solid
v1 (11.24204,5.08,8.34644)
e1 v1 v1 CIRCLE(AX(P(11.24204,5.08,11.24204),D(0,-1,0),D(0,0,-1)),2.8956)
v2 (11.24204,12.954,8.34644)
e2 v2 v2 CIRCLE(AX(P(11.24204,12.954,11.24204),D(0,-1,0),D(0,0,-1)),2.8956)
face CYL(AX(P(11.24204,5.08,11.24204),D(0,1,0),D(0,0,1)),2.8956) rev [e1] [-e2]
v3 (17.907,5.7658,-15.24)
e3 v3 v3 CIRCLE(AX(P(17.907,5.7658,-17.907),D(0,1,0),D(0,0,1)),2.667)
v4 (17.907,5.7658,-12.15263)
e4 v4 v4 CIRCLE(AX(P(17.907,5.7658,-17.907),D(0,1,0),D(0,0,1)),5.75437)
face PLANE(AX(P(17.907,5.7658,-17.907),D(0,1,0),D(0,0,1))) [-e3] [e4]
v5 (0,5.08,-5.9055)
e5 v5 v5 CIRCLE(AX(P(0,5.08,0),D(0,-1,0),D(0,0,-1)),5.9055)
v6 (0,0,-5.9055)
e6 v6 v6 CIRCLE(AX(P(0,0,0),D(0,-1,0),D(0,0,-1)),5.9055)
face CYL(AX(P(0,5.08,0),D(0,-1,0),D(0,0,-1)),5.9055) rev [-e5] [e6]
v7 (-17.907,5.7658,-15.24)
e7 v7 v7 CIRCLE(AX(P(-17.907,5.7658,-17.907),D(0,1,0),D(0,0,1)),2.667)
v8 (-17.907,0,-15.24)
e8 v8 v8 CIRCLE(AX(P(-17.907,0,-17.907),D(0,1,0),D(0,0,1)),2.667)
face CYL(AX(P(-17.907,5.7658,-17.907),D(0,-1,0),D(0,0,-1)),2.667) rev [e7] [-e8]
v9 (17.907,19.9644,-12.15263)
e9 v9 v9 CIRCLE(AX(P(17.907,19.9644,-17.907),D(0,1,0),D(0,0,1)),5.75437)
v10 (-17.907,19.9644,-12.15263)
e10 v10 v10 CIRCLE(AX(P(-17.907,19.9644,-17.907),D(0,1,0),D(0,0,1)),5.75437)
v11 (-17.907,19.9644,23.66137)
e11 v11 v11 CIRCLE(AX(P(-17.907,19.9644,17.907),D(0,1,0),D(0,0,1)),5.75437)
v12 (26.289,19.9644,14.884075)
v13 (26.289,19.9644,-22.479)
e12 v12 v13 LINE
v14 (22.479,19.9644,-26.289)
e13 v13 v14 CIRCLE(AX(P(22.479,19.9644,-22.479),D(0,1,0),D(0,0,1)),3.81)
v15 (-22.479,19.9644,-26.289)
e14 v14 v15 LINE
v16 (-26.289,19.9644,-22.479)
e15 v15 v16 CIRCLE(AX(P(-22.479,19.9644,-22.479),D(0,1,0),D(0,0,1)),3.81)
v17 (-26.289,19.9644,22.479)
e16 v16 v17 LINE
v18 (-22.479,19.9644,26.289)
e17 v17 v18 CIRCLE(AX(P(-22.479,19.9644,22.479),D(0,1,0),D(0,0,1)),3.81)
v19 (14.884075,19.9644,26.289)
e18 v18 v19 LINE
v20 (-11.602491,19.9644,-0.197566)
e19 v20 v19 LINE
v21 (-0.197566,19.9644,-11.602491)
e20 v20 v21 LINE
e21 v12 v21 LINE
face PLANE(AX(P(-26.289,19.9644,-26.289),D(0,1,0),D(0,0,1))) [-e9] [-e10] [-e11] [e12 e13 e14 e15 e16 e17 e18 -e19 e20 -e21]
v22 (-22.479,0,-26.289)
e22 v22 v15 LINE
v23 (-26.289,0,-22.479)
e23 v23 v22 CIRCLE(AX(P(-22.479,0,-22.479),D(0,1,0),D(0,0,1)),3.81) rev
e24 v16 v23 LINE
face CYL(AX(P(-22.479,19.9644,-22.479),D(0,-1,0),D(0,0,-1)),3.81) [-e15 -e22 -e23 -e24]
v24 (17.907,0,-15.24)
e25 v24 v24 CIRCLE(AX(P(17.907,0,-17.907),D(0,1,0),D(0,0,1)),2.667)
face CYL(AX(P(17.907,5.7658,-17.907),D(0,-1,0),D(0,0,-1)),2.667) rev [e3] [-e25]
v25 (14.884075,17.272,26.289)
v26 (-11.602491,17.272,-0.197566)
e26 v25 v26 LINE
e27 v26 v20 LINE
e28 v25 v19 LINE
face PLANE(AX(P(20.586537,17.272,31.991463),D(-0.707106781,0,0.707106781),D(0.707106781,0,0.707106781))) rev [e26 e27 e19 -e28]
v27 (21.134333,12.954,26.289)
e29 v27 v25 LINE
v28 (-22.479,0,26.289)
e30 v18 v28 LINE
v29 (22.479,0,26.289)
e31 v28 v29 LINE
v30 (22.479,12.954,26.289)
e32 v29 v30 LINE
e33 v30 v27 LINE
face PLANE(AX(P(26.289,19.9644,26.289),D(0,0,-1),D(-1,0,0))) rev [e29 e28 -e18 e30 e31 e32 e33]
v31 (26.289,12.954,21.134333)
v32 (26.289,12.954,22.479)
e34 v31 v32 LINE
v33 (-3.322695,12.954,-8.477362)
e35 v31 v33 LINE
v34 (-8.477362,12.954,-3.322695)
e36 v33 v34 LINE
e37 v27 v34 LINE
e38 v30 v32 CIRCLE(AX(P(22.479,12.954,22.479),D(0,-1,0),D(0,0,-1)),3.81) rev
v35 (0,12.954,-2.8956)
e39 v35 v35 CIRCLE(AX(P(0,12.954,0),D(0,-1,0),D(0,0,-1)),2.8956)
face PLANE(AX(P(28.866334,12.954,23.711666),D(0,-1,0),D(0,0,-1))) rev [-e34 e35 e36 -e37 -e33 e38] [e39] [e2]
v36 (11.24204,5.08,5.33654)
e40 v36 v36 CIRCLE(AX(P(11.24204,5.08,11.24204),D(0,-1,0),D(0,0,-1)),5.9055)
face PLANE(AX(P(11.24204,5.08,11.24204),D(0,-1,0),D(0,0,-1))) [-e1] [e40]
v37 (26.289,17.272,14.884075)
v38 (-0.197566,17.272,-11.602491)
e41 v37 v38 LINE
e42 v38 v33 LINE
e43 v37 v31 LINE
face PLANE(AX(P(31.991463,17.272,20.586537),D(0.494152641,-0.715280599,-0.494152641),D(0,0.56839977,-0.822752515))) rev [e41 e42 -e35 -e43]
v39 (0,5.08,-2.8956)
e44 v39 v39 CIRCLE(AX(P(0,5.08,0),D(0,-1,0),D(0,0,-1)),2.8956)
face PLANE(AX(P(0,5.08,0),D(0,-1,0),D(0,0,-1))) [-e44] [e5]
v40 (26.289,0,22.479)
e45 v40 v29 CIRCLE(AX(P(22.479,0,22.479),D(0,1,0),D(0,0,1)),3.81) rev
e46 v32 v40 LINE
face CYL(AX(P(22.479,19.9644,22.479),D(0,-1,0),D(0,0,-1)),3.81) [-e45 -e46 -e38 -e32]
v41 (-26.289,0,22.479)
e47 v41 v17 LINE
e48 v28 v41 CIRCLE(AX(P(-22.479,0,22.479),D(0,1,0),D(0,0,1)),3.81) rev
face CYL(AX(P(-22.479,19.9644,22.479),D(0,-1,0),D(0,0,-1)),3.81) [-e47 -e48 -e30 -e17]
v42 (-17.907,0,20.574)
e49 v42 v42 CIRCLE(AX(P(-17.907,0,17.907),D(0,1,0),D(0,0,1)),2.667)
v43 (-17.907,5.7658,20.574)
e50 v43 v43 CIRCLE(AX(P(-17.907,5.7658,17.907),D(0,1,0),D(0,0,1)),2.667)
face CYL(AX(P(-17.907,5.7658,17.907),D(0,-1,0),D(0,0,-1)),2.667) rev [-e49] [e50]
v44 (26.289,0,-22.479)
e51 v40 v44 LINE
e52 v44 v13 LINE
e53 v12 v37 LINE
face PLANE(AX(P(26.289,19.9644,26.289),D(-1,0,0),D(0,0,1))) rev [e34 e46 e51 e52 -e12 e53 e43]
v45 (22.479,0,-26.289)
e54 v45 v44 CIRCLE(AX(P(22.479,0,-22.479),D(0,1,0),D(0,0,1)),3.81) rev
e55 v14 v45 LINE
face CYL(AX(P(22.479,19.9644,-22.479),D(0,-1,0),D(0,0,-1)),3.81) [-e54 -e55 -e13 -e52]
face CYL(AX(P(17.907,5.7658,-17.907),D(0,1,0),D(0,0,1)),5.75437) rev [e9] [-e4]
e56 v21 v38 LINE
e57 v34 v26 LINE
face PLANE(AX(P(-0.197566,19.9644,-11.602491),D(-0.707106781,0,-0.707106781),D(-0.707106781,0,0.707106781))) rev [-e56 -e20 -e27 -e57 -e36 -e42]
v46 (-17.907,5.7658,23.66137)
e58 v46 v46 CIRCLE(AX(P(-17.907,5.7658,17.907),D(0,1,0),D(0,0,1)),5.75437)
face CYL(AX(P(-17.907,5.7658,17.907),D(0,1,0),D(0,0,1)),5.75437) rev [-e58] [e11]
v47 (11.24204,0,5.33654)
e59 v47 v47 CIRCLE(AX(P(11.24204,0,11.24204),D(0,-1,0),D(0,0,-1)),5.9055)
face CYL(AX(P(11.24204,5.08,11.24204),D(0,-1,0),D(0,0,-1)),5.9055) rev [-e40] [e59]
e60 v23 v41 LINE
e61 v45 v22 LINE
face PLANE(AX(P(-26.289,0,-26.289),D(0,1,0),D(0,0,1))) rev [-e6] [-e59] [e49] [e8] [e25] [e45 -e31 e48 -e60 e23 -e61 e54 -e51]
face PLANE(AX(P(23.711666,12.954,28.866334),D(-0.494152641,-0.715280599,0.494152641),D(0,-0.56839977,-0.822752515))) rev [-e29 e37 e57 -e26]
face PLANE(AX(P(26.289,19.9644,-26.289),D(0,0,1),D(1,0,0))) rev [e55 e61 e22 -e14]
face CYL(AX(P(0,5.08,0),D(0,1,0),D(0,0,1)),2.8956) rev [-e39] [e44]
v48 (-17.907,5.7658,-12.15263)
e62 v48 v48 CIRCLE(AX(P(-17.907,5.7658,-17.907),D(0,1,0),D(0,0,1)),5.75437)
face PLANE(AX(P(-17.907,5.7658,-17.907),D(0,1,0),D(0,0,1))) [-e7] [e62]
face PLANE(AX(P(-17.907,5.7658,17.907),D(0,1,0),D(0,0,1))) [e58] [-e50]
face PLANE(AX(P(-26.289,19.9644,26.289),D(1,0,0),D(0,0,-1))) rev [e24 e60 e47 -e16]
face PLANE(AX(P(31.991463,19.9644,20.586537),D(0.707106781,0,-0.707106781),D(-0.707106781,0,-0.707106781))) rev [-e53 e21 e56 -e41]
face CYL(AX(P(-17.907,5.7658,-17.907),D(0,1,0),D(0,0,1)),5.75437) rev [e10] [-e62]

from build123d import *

# Parameters (mm, degrees)
SKETCH1_W       = 52.578
SKETCH1_H       = 52.578
EXTRUDE1_DEPTH  = 19.9644
EXTRUDE2_START  = -19.9644
SKETCH2_R       = 2.667
EXTRUDE2_DEPTH  = 5.7658
EXTRUDE4_START  = -19.9644
SKETCH6_R       = 5.75437
EXTRUDE4_DEPTH  = 14.1986
EXTRUDE6_START  = -45.52216
EXTRUDE6_DEPTH  = 45.52216
EXTRUDE10_START = -12.954
SKETCH15_R      = 2.8956
EXTRUDE10_DEPTH = 7.874
SKETCH16_R      = 5.9055
EXTRUDE11_DEPTH = 5.08
FILLET2_R       = 3.81
SKETCH12_R      = 5.08
EXTRUDE9_DEPTH  = 5.08


with BuildPart() as part:
    # Sketch1 → Extrude1 (new body)
    with BuildSketch(Plane(origin=(0, 0, 0), x_dir=(1, 0, 0), z_dir=(0, 1, 0))):
        Rectangle(SKETCH1_W, SKETCH1_H)
    extrude(amount=EXTRUDE1_DEPTH)

    # Sketch2 → Extrude2 (cut)
    with BuildSketch(Plane(origin=(0, 19.9644, 0), x_dir=(1, 0, 0), z_dir=(0, 1, 0)).offset(EXTRUDE2_START)):
        with Locations((-17.907, 17.907)):
            Circle(SKETCH2_R)
        with Locations((-17.907, -17.907)):
            Circle(SKETCH2_R)
        with Locations((17.907, 17.907)):
            Circle(SKETCH2_R)
    extrude(amount=EXTRUDE2_DEPTH, mode=Mode.SUBTRACT)

    # Sketch6 → Extrude4 (cut)
    with BuildSketch(Plane.XZ.offset(EXTRUDE4_START)):
        with Locations((-17.907, -17.907)):
            Circle(SKETCH6_R)
        with Locations((-17.907, 17.907)):
            Circle(SKETCH6_R)
        with Locations((17.907, -17.907)):
            Circle(SKETCH6_R)
    extrude(amount=EXTRUDE4_DEPTH, mode=Mode.SUBTRACT)

    # Sketch10 → Extrude6 (cut)
    with BuildSketch(Plane(origin=(-5.900028272, 0, -5.900028272), x_dir=(-0.707106781, 0, 0.707106781), z_dir=(-0.707106781, 0, -0.707106781)).offset(EXTRUDE6_START)):
        Polygon((-8.0645, 19.9644), (-8.0645, 17.272), (-3.6449, 12.954), (3.6449, 12.954), (8.0645, 17.272), (8.0645, 19.9644), align=None)
    extrude(amount=EXTRUDE6_DEPTH, mode=Mode.SUBTRACT)

    # Sketch15 → Extrude10 (cut)
    with BuildSketch(Plane.XZ.offset(EXTRUDE10_START)):
        Circle(SKETCH15_R)
        with Locations((11.24204, 11.24204)):
            Circle(SKETCH15_R)
    extrude(amount=EXTRUDE10_DEPTH, mode=Mode.SUBTRACT)

    # Sketch16 → Extrude11 (cut)
    with BuildSketch(Plane.XZ):
        Circle(SKETCH16_R)
        with Locations((11.24204, 11.24204)):
            Circle(SKETCH16_R)
    extrude(amount=-EXTRUDE11_DEPTH, mode=Mode.SUBTRACT)

    # Fillet2
    fillet2_edges = [part.edges().sort_by_distance(p)[0] for p in [
        (26.289, 6.477, 26.289),
        (-26.289, 9.9822, -26.289),
        (26.289, 9.9822, -26.289),
        (-26.289, 9.9822, 26.289),
    ]]
    fillet(fillet2_edges, radius=FILLET2_R)

    # Sketch12 → Extrude9 (cut)
    with BuildSketch(Plane(origin=(0, 19.9644, 0), x_dir=(1, 0, 0), z_dir=(0, 1, 0))):
        Circle(SKETCH12_R)
        with Locations((15.9004, -15.9004)):
            Circle(SKETCH12_R)
    extrude(amount=EXTRUDE9_DEPTH, mode=Mode.SUBTRACT)


solid = part.part
